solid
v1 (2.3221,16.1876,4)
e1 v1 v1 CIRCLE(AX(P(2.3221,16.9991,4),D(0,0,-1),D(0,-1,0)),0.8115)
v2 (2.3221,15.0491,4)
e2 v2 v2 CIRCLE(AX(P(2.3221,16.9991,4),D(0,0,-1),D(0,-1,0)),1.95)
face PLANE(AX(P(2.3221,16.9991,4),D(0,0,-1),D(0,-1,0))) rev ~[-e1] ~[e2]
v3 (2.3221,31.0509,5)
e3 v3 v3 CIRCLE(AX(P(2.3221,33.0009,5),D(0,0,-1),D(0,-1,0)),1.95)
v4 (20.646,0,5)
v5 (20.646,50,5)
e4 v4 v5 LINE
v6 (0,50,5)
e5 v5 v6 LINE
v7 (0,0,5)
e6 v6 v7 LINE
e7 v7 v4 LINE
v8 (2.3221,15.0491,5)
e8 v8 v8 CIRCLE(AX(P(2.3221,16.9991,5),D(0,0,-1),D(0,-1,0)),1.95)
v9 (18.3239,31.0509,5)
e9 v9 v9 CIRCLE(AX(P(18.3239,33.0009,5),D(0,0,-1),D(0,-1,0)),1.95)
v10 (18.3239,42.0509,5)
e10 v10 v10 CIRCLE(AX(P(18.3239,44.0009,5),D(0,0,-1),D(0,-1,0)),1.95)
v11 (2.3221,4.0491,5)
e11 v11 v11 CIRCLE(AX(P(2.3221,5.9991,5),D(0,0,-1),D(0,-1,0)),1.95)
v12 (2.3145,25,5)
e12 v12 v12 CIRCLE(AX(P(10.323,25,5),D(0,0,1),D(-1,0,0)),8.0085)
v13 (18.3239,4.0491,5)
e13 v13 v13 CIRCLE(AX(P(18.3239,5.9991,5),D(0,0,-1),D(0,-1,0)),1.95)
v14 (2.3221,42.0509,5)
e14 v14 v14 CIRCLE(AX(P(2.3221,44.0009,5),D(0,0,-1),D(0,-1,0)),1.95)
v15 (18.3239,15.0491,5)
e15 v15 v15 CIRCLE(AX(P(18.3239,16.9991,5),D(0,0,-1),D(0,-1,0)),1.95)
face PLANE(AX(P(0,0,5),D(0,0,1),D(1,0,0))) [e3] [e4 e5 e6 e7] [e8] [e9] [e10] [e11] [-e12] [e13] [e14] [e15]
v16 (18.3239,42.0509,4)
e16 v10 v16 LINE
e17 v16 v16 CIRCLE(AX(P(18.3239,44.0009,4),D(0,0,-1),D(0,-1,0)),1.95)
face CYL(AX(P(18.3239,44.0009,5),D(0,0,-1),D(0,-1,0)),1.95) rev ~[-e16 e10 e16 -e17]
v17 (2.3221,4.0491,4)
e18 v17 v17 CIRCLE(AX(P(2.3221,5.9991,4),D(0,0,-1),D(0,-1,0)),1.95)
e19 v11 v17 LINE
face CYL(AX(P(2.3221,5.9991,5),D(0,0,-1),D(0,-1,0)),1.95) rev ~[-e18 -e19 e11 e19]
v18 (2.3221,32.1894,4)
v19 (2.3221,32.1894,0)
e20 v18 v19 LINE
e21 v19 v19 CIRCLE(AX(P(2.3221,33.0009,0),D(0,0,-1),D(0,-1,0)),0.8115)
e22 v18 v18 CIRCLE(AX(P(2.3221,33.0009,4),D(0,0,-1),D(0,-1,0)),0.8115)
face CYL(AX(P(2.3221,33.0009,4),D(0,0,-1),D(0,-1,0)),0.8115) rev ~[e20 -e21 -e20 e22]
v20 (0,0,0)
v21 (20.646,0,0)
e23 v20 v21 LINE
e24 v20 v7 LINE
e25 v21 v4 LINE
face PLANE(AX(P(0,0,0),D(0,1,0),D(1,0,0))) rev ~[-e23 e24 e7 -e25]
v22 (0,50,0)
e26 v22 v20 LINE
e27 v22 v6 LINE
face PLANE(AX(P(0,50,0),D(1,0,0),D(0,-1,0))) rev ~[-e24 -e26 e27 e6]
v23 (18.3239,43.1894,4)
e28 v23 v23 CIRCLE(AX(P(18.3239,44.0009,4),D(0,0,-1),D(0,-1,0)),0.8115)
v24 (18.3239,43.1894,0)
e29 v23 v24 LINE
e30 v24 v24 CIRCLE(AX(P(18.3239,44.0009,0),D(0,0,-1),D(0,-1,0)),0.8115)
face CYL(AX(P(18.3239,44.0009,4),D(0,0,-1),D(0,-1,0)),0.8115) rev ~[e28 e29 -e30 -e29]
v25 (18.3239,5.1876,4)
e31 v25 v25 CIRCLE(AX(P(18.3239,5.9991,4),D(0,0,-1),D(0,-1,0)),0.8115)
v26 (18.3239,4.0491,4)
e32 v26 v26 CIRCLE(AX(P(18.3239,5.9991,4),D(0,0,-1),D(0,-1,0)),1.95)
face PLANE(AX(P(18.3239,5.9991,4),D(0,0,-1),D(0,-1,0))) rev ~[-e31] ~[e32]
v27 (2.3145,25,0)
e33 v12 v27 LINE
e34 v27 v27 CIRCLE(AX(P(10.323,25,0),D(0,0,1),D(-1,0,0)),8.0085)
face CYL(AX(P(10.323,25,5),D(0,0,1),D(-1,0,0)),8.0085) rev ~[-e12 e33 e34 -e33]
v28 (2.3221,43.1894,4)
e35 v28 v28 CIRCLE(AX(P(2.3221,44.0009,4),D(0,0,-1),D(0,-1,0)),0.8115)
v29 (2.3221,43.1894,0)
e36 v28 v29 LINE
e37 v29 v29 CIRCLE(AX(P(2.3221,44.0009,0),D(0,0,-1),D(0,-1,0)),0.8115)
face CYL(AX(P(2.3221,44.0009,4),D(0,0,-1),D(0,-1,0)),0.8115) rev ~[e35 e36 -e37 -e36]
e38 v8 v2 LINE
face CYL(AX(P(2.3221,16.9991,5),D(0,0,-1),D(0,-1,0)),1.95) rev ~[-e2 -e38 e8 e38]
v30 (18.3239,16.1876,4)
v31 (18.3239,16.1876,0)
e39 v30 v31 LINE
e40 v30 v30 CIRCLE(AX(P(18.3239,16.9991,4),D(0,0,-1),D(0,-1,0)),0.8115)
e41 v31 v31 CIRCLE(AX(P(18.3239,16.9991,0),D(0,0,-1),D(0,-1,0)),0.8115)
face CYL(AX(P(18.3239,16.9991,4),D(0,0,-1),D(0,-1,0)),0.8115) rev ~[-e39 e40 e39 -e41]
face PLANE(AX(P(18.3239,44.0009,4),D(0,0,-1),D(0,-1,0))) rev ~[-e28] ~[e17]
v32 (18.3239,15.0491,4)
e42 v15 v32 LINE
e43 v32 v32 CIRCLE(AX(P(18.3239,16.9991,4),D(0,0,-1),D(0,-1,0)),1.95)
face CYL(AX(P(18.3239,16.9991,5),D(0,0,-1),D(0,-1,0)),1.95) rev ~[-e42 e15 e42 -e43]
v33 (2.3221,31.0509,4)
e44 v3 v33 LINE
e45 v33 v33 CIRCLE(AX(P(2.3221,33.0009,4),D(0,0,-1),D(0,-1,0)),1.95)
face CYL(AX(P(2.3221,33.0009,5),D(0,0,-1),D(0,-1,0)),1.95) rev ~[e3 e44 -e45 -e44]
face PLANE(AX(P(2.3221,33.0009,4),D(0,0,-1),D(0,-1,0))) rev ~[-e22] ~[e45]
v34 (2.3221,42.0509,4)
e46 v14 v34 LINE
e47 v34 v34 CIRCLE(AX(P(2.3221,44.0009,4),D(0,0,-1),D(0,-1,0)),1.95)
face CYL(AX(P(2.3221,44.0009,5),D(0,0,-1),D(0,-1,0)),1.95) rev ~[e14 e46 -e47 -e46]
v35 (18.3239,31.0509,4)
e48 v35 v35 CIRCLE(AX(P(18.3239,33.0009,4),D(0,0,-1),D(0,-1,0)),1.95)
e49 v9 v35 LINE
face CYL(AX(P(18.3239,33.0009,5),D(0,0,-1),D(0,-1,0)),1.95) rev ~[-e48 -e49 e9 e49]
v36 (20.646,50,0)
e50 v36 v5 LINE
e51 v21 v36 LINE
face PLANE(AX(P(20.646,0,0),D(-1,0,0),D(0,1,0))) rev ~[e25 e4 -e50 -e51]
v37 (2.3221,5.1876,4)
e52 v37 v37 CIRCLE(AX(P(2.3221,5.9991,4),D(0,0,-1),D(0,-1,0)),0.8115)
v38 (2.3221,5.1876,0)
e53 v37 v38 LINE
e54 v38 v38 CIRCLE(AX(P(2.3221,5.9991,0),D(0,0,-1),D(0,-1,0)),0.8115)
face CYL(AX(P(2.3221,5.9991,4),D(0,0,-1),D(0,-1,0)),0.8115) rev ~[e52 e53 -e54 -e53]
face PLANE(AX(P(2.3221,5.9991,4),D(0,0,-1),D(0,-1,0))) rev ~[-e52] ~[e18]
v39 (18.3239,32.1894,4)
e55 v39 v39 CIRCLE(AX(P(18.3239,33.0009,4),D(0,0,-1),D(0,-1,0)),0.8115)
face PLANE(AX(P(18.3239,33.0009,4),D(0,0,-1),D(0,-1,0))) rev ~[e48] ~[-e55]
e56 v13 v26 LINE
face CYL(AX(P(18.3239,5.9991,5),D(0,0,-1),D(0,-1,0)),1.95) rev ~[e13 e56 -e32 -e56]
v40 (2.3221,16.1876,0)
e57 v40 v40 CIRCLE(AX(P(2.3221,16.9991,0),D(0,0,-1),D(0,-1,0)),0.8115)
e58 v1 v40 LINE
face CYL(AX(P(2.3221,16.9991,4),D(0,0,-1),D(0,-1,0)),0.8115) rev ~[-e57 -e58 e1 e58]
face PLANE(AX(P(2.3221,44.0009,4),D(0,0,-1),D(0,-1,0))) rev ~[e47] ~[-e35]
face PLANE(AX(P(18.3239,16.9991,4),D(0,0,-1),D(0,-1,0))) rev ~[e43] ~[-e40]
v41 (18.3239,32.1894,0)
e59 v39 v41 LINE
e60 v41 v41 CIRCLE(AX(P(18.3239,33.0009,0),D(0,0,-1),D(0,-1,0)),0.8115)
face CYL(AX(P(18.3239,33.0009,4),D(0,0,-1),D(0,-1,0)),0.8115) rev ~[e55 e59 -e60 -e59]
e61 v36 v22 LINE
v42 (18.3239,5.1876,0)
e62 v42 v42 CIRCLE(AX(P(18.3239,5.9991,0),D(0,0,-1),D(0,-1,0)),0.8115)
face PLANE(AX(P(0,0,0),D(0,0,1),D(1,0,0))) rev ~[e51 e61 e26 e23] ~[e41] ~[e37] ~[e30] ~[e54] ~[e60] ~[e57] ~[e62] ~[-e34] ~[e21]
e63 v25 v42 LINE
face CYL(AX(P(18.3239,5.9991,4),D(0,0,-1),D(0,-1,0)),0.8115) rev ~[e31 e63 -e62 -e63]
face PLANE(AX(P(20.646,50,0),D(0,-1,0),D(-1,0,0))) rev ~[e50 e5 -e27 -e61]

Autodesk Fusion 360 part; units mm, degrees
sketch "Sketch1" plane through (0, 0, 0) normal (0, 0, 1) x (1, 0, 0)
  line L0 (0, 0) -> (20.646, 0)
  line L1 (20.646, 0) -> (20.646, 50)
  line L2 (20.646, 50) -> (0, 50)
  line L3 (0, 50) -> (0, 0)
  dimension "d1" = 20.646
  dimension "d2" = 50
extrude "Extrude1" add sketch "Sketch1" along normal blind 5
sketch "Sketch2" plane through (0, 0, 5) normal (0, 0, 1) x (-1, 0, 0)
  line L0 (0, -50) -> (0, 0)
  line L1 (0, 0) -> (-20.646, 0)
  line L2 (-20.646, 0) -> (-20.646, -50)
  line L3 (-20.646, -50) -> (0, -50)
sketch "Sketch3" plane through (0, 0, 5) normal (0, 0, 1) x (-1, 0, 0)
  line L0 (-20.646, 0) -> (-20.646, -50)
  line L1 (0, -50) -> (0, 0)
  circle A0 centre (-10.323, -25) radius 8.0085
  dimension "d5" = 16.017
extrude "Extrude2" cut sketch "Sketch3" against normal blind 10
sketch "Sketch4" plane through (0, 0, 5) normal (0, 0, 1) x (-1, 0, 0)
  circle A0 centre (-10.323, -25) radius 8.0085
  line L0 (-10.323, -25) -> (-2.3221, -33.0009)
  line L1 (-10.323, -25) -> (-2.3221, -16.9991)
  line L2 (-10.323, -25) -> (-18.3239, -16.9991)
  line L3 (-10.323, -25) -> (-18.3239, -33.0009)
hole "Hole1" at (2.3221, 16.9991, 5) at (2.3221, 33.0009, 5) at (18.3239, 33.0009, 5) at (18.3239, 16.9991, 5) direction (0, 0, -1) diameter 1.623 depth 16 tip angle 180 counterbore diameter 3.9 counterbore depth 1
sketch "Sketch5" plane through (0, 0, 5) normal (0, 0, 1) x (-1, 0, 0)
  circle A0 centre (-2.3221, -33.0009) radius 1.95
  line L0 (-2.3221, -33.0009) -> (-2.3221, -44.0009)
  circle A1 centre (-18.3239, -33.0009) radius 1.95
  line L1 (-18.3239, -33.0009) -> (-18.3239, -44.0009)
  circle A2 centre (-2.3221, -16.9991) radius 1.95
  line L2 (-2.3221, -16.9991) -> (-2.3221, -5.9991)
  circle A3 centre (-18.3239, -16.9991) radius 1.95
  line L3 (-18.3239, -16.9991) -> (-18.3239, -5.9991)
  dimension "d16" = 11
  dimension "d17" = 11
  dimension "d18" = 11
  dimension "d19" = 11
hole "Hole2" at (2.3221, 5.9991, 5) at (18.3239, 5.9991, 5) at (18.3239, 44.0009, 5) at (2.3221, 44.0009, 5) direction (0, 0, -1) diameter 1.623 end through all counterbore diameter 3.9 counterbore depth 1
sketch "Sketch6" plane through (0, 0, 5) normal (0, 0, 1) x (-1, 0, 0)
